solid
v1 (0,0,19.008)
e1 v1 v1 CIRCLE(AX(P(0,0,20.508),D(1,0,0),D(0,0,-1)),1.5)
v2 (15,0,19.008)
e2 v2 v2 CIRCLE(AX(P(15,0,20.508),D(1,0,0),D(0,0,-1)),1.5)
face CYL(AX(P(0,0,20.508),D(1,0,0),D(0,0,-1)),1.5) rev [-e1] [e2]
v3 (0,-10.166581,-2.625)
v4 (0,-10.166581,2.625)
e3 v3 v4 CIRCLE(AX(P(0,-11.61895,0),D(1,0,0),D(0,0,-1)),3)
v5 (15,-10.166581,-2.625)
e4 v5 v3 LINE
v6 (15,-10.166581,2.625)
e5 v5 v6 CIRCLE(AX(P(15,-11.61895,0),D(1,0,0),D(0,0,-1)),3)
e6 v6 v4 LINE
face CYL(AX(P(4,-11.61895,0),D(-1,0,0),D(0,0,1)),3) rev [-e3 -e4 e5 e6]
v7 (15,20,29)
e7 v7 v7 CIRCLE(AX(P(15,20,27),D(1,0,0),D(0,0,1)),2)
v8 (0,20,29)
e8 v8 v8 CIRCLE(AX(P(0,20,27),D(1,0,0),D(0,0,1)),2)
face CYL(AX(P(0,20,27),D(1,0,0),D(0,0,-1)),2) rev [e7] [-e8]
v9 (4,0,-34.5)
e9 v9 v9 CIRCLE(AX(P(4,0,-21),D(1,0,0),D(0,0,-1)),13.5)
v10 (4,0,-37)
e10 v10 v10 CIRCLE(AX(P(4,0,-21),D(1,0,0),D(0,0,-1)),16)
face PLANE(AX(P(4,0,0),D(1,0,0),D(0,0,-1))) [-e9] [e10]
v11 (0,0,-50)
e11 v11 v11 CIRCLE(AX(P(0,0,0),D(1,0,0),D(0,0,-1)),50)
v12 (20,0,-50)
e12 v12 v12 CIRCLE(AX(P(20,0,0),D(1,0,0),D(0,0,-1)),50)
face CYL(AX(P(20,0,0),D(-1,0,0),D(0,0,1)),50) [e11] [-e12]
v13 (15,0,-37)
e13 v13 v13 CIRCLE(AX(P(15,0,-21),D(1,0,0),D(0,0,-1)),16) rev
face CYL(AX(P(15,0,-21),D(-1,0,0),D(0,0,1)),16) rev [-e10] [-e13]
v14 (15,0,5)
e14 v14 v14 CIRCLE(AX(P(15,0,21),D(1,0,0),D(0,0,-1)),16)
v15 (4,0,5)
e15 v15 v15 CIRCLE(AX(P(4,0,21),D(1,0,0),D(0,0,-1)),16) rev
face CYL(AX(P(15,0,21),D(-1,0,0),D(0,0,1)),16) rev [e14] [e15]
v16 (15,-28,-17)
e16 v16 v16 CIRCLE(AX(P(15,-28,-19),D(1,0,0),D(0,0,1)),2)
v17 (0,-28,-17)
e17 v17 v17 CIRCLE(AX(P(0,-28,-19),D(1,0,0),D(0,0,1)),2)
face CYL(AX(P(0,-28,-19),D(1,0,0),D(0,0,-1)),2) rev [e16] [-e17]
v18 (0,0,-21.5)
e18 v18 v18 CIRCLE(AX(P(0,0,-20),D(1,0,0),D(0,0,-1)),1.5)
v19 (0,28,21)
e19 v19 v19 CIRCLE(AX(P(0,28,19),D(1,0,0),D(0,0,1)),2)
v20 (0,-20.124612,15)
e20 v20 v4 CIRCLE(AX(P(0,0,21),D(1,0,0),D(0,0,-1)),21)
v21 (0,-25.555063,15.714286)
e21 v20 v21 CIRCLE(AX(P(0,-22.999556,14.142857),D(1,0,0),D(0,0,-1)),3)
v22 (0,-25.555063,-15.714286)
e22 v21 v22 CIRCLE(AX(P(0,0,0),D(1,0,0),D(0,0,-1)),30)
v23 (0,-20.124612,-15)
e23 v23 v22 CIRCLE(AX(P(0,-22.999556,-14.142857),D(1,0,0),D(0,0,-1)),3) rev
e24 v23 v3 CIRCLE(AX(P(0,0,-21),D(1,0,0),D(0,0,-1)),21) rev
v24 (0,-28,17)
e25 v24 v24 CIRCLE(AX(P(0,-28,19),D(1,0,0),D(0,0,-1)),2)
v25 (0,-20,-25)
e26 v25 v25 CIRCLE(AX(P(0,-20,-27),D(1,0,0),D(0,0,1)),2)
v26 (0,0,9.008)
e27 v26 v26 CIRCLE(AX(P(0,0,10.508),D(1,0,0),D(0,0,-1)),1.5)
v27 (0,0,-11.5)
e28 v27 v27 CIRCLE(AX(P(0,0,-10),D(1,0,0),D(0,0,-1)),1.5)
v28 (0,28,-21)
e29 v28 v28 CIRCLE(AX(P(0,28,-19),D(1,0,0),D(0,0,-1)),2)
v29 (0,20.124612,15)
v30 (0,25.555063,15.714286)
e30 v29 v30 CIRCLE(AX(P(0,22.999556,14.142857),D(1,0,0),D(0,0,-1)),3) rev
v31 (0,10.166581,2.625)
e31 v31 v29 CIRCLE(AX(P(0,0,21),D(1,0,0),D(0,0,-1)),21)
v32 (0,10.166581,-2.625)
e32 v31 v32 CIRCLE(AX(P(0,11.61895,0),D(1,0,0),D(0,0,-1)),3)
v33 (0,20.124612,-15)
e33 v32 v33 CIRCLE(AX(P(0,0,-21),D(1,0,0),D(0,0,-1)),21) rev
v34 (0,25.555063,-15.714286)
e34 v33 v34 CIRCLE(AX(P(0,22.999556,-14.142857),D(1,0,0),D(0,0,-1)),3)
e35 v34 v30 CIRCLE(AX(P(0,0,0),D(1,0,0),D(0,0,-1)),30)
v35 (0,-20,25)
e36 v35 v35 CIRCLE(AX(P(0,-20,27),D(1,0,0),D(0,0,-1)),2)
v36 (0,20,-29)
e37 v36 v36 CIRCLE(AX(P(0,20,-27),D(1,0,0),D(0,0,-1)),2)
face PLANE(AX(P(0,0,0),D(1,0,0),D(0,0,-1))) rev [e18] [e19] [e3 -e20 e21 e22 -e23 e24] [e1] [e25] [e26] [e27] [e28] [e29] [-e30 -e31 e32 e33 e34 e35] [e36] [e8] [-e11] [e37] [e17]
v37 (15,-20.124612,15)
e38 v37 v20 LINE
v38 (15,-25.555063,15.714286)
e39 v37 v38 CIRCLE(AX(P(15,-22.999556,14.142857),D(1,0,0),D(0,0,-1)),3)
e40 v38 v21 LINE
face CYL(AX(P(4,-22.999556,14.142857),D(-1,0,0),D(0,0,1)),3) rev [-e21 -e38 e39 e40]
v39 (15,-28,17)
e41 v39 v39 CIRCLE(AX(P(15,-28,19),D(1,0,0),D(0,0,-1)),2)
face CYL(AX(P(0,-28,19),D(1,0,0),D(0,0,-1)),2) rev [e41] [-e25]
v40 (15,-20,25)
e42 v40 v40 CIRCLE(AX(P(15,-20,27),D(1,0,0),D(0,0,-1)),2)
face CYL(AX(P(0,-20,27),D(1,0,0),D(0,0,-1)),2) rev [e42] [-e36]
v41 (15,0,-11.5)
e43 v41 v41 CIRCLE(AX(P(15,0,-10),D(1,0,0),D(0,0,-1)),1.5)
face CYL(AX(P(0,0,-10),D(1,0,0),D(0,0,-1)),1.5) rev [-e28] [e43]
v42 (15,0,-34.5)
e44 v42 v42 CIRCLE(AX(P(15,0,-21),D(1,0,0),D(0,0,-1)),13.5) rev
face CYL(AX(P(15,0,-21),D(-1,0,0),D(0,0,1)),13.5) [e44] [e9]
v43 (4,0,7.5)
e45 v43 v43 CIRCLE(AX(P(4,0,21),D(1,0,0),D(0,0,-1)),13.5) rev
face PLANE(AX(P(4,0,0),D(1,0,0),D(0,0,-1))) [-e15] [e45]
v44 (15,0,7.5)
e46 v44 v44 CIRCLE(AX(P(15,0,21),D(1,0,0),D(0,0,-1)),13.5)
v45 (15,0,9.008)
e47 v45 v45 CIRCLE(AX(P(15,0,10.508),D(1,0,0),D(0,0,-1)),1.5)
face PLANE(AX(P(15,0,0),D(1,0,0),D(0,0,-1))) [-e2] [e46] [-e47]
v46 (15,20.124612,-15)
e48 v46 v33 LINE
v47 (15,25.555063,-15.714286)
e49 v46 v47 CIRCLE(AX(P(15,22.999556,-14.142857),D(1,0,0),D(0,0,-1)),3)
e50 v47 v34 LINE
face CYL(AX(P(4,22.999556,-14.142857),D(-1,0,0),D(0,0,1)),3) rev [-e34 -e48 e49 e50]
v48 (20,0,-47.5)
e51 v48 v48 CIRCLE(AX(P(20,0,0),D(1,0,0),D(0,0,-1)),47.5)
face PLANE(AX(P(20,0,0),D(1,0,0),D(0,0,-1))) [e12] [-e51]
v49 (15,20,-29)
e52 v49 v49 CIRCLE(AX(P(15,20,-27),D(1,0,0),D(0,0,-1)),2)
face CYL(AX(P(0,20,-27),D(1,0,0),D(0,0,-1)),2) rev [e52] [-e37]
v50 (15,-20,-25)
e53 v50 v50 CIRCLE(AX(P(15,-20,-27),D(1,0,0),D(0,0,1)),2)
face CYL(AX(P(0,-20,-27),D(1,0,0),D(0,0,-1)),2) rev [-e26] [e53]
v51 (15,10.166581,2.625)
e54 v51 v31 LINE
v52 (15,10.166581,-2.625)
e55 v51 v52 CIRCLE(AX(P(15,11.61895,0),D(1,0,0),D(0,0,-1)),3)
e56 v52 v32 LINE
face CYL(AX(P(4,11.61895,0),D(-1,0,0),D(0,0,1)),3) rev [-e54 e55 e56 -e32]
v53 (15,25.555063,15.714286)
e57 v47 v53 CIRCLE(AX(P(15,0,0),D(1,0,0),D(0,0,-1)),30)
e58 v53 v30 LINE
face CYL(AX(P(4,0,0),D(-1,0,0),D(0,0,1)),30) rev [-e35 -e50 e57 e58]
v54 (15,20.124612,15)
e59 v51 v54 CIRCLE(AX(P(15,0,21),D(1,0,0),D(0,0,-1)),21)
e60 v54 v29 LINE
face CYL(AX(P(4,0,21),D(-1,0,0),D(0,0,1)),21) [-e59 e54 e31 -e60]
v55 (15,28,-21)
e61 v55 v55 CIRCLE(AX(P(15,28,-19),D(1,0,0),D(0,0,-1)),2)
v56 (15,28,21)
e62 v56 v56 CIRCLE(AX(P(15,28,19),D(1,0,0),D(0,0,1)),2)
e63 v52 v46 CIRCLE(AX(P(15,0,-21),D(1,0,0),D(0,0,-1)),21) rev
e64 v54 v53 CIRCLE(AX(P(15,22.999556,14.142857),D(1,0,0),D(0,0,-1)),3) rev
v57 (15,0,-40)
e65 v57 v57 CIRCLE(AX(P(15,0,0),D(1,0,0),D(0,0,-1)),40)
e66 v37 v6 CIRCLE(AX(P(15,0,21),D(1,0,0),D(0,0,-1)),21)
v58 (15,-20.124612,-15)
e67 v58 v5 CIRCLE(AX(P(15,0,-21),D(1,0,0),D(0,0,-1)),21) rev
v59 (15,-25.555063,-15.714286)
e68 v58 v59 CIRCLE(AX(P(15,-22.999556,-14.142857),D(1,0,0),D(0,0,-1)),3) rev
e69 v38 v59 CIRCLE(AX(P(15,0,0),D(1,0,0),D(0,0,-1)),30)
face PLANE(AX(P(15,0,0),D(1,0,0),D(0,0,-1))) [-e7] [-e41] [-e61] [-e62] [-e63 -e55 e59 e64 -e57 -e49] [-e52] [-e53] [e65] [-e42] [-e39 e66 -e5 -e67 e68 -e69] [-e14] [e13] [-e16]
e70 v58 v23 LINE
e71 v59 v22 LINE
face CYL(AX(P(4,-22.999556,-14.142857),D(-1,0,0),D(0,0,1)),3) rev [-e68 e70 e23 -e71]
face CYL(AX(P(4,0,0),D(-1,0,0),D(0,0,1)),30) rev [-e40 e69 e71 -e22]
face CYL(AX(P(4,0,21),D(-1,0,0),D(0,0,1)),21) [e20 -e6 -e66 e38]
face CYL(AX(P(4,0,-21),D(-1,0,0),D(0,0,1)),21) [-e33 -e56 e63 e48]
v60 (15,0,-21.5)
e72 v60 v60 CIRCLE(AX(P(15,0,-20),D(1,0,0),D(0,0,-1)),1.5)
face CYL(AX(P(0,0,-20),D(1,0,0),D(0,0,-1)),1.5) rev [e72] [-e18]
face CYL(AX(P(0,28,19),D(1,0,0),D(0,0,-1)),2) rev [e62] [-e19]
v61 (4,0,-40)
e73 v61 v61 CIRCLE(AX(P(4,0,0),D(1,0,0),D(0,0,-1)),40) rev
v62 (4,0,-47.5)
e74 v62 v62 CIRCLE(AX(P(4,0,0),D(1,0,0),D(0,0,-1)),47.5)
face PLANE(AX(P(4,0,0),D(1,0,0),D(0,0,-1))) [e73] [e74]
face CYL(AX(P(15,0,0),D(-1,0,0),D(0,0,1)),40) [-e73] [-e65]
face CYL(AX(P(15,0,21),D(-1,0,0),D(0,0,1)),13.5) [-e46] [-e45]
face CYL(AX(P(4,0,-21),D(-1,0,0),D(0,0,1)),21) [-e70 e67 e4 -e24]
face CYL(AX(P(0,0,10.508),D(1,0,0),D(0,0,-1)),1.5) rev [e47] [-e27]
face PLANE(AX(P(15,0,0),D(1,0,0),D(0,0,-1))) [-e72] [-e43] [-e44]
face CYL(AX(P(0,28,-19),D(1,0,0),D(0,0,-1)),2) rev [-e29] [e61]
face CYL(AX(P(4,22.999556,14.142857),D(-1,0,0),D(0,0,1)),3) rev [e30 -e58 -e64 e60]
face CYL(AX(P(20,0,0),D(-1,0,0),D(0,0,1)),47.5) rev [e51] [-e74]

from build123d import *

# Parameters (mm, degrees)
SKETCH1_R           = 50
SKETCH1_R_2         = 47.5
BOSS_EXTRUDE1_DEPTH = 20
SKETCH1_3_R         = 50
BOSS_EXTRUDE2_DEPTH = 4
SKETCH1_4_R         = 40
SKETCH1_4_R_2       = 16
SKETCH1_4_R_3       = 13.5
BOSS_EXTRUDE3_DEPTH = 15
SKETCH2_R           = 2
SKETCH2_R_2         = 1.5
CUT_EXTRUDE1_DEPTH  = 73.284161474


with BuildPart() as part:
    # Sketch1 → Boss-Extrude1 (new body)
    with BuildSketch(Plane(origin=(0, 0, 0), x_dir=(0, 0, -1), z_dir=(1, 0, 0))):
        Circle(SKETCH1_R)
        Circle(SKETCH1_R_2, mode=Mode.SUBTRACT)
    extrude(amount=BOSS_EXTRUDE1_DEPTH)

    # Sketch1<3> → Boss-Extrude2 (add)
    with BuildSketch(Plane(origin=(0, 0, 0), x_dir=(0, 0, -1), z_dir=(1, 0, 0))):
        Circle(SKETCH1_3_R)
        with BuildLine():
            ThreePointArc((15.714285714, 25.5550626), (17.117237545, 22.608325942), (15, 20.124611797))
            ThreePointArc((15, 20.124611797), (7.83467626, 16.36075337), (2.625, 10.166581284))
            ThreePointArc((2.625, 10.166581284), (0, 8.618950039), (-2.625, 10.166581284))
            ThreePointArc((-2.625, 10.166581284), (-7.83467626, 16.36075337), (-15, 20.124611797))
            ThreePointArc((-15, 20.124611797), (-17.117237545, 22.608325942), (-15.714285714, 25.5550626))
            ThreePointArc((-15.714285714, 25.5550626), (0, 30), (15.714285714, 25.5550626))
        make_face(mode=Mode.SUBTRACT)
        with BuildLine():
            ThreePointArc((-15.714285714, -25.5550626), (-17.117237545, -22.608325942), (-15, -20.124611797))
            ThreePointArc((-15, -20.124611797), (-7.83467626, -16.36075337), (-2.625, -10.166581284))
            ThreePointArc((-2.625, -10.166581284), (0, -8.618950039), (2.625, -10.166581284))
            ThreePointArc((2.625, -10.166581284), (7.83467626, -16.36075337), (15, -20.124611797))
            ThreePointArc((15, -20.124611797), (17.117237545, -22.608325942), (15.714285714, -25.5550626))
            ThreePointArc((15.714285714, -25.5550626), (0, -30), (-15.714285714, -25.5550626))
        make_face(mode=Mode.SUBTRACT)
    extrude(amount=BOSS_EXTRUDE2_DEPTH)

    # Sketch1<4> → Boss-Extrude3 (add)
    # profile 1 of 3: a face of its own
    with BuildSketch(Plane(origin=(0, 0, 0), x_dir=(0, 0, -1), z_dir=(1, 0, 0))):
        Circle(SKETCH1_4_R)
        with BuildLine():
            ThreePointArc((-15.714285714, -25.5550626), (-17.117237545, -22.608325942), (-15, -20.124611797))
            ThreePointArc((-15, -20.124611797), (-7.83467626, -16.36075337), (-2.625, -10.166581284))
            ThreePointArc((-2.625, -10.166581284), (0, -8.618950039), (2.625, -10.166581284))
            ThreePointArc((2.625, -10.166581284), (7.83467626, -16.36075337), (15, -20.124611797))
            ThreePointArc((15, -20.124611797), (17.117237545, -22.608325942), (15.714285714, -25.5550626))
            ThreePointArc((15.714285714, -25.5550626), (0, -30), (-15.714285714, -25.5550626))
        make_face(mode=Mode.SUBTRACT)
        with Locations((-21, 0)):
            Circle(SKETCH1_4_R_2, mode=Mode.SUBTRACT)
        with Locations((21, 0)):
            Circle(SKETCH1_4_R_2, mode=Mode.SUBTRACT)
        with BuildLine():
            ThreePointArc((-15.714285714, 25.5550626), (0, 30), (15.714285714, 25.5550626))
            ThreePointArc((15.714285714, 25.5550626), (17.117237545, 22.608325942), (15, 20.124611797))
            ThreePointArc((15, 20.124611797), (7.83467626, 16.36075337), (2.625, 10.166581284))
            ThreePointArc((2.625, 10.166581284), (0, 8.618950039), (-2.625, 10.166581284))
            ThreePointArc((-2.625, 10.166581284), (-7.83467626, 16.36075337), (-15, 20.124611797))
            ThreePointArc((-15, 20.124611797), (-17.117237545, 22.608325942), (-15.714285714, 25.5550626))
        make_face(mode=Mode.SUBTRACT)
    # profile 2 of 3: a face of its own
    with BuildSketch(Plane(origin=(0, 0, 0), x_dir=(0, 0, -1), z_dir=(1, 0, 0))):
        with Locations((-21, 0)):
            Circle(SKETCH1_4_R_3)
    # profile 3 of 3: a face of its own
    with BuildSketch(Plane(origin=(0, 0, 0), x_dir=(0, 0, -1), z_dir=(1, 0, 0))):
        with Locations((21, 0)):
            Circle(SKETCH1_4_R_3)
    extrude(amount=BOSS_EXTRUDE3_DEPTH)

    # Sketch2 → Cut-Extrude1 (cut, through all)
    with BuildSketch(Plane(origin=(15, 0, 0), x_dir=(0, 0, -1), z_dir=(1, 0, 0))):
        with Locations((-27, -20)):
            Circle(SKETCH2_R)
        with Locations((-19, -28)):
            Circle(SKETCH2_R)
        with Locations((-20.508, 0)):
            Circle(SKETCH2_R_2)
        with Locations((-10.508, 0)):
            Circle(SKETCH2_R_2)
        with Locations((10, 0)):
            Circle(SKETCH2_R_2)
        with Locations((20, 0)):
            Circle(SKETCH2_R_2)
        with Locations((19, -28)):
            Circle(SKETCH2_R)
        with Locations((27, -20)):
            Circle(SKETCH2_R)
        with Locations((27, 20)):
            Circle(SKETCH2_R)
        with Locations((19, 28)):
            Circle(SKETCH2_R)
        with Locations((-19, 28)):
            Circle(SKETCH2_R)
        with Locations((-27, 20)):
            Circle(SKETCH2_R)
    extrude(amount=-CUT_EXTRUDE1_DEPTH, mode=Mode.SUBTRACT)


solid = part.part
